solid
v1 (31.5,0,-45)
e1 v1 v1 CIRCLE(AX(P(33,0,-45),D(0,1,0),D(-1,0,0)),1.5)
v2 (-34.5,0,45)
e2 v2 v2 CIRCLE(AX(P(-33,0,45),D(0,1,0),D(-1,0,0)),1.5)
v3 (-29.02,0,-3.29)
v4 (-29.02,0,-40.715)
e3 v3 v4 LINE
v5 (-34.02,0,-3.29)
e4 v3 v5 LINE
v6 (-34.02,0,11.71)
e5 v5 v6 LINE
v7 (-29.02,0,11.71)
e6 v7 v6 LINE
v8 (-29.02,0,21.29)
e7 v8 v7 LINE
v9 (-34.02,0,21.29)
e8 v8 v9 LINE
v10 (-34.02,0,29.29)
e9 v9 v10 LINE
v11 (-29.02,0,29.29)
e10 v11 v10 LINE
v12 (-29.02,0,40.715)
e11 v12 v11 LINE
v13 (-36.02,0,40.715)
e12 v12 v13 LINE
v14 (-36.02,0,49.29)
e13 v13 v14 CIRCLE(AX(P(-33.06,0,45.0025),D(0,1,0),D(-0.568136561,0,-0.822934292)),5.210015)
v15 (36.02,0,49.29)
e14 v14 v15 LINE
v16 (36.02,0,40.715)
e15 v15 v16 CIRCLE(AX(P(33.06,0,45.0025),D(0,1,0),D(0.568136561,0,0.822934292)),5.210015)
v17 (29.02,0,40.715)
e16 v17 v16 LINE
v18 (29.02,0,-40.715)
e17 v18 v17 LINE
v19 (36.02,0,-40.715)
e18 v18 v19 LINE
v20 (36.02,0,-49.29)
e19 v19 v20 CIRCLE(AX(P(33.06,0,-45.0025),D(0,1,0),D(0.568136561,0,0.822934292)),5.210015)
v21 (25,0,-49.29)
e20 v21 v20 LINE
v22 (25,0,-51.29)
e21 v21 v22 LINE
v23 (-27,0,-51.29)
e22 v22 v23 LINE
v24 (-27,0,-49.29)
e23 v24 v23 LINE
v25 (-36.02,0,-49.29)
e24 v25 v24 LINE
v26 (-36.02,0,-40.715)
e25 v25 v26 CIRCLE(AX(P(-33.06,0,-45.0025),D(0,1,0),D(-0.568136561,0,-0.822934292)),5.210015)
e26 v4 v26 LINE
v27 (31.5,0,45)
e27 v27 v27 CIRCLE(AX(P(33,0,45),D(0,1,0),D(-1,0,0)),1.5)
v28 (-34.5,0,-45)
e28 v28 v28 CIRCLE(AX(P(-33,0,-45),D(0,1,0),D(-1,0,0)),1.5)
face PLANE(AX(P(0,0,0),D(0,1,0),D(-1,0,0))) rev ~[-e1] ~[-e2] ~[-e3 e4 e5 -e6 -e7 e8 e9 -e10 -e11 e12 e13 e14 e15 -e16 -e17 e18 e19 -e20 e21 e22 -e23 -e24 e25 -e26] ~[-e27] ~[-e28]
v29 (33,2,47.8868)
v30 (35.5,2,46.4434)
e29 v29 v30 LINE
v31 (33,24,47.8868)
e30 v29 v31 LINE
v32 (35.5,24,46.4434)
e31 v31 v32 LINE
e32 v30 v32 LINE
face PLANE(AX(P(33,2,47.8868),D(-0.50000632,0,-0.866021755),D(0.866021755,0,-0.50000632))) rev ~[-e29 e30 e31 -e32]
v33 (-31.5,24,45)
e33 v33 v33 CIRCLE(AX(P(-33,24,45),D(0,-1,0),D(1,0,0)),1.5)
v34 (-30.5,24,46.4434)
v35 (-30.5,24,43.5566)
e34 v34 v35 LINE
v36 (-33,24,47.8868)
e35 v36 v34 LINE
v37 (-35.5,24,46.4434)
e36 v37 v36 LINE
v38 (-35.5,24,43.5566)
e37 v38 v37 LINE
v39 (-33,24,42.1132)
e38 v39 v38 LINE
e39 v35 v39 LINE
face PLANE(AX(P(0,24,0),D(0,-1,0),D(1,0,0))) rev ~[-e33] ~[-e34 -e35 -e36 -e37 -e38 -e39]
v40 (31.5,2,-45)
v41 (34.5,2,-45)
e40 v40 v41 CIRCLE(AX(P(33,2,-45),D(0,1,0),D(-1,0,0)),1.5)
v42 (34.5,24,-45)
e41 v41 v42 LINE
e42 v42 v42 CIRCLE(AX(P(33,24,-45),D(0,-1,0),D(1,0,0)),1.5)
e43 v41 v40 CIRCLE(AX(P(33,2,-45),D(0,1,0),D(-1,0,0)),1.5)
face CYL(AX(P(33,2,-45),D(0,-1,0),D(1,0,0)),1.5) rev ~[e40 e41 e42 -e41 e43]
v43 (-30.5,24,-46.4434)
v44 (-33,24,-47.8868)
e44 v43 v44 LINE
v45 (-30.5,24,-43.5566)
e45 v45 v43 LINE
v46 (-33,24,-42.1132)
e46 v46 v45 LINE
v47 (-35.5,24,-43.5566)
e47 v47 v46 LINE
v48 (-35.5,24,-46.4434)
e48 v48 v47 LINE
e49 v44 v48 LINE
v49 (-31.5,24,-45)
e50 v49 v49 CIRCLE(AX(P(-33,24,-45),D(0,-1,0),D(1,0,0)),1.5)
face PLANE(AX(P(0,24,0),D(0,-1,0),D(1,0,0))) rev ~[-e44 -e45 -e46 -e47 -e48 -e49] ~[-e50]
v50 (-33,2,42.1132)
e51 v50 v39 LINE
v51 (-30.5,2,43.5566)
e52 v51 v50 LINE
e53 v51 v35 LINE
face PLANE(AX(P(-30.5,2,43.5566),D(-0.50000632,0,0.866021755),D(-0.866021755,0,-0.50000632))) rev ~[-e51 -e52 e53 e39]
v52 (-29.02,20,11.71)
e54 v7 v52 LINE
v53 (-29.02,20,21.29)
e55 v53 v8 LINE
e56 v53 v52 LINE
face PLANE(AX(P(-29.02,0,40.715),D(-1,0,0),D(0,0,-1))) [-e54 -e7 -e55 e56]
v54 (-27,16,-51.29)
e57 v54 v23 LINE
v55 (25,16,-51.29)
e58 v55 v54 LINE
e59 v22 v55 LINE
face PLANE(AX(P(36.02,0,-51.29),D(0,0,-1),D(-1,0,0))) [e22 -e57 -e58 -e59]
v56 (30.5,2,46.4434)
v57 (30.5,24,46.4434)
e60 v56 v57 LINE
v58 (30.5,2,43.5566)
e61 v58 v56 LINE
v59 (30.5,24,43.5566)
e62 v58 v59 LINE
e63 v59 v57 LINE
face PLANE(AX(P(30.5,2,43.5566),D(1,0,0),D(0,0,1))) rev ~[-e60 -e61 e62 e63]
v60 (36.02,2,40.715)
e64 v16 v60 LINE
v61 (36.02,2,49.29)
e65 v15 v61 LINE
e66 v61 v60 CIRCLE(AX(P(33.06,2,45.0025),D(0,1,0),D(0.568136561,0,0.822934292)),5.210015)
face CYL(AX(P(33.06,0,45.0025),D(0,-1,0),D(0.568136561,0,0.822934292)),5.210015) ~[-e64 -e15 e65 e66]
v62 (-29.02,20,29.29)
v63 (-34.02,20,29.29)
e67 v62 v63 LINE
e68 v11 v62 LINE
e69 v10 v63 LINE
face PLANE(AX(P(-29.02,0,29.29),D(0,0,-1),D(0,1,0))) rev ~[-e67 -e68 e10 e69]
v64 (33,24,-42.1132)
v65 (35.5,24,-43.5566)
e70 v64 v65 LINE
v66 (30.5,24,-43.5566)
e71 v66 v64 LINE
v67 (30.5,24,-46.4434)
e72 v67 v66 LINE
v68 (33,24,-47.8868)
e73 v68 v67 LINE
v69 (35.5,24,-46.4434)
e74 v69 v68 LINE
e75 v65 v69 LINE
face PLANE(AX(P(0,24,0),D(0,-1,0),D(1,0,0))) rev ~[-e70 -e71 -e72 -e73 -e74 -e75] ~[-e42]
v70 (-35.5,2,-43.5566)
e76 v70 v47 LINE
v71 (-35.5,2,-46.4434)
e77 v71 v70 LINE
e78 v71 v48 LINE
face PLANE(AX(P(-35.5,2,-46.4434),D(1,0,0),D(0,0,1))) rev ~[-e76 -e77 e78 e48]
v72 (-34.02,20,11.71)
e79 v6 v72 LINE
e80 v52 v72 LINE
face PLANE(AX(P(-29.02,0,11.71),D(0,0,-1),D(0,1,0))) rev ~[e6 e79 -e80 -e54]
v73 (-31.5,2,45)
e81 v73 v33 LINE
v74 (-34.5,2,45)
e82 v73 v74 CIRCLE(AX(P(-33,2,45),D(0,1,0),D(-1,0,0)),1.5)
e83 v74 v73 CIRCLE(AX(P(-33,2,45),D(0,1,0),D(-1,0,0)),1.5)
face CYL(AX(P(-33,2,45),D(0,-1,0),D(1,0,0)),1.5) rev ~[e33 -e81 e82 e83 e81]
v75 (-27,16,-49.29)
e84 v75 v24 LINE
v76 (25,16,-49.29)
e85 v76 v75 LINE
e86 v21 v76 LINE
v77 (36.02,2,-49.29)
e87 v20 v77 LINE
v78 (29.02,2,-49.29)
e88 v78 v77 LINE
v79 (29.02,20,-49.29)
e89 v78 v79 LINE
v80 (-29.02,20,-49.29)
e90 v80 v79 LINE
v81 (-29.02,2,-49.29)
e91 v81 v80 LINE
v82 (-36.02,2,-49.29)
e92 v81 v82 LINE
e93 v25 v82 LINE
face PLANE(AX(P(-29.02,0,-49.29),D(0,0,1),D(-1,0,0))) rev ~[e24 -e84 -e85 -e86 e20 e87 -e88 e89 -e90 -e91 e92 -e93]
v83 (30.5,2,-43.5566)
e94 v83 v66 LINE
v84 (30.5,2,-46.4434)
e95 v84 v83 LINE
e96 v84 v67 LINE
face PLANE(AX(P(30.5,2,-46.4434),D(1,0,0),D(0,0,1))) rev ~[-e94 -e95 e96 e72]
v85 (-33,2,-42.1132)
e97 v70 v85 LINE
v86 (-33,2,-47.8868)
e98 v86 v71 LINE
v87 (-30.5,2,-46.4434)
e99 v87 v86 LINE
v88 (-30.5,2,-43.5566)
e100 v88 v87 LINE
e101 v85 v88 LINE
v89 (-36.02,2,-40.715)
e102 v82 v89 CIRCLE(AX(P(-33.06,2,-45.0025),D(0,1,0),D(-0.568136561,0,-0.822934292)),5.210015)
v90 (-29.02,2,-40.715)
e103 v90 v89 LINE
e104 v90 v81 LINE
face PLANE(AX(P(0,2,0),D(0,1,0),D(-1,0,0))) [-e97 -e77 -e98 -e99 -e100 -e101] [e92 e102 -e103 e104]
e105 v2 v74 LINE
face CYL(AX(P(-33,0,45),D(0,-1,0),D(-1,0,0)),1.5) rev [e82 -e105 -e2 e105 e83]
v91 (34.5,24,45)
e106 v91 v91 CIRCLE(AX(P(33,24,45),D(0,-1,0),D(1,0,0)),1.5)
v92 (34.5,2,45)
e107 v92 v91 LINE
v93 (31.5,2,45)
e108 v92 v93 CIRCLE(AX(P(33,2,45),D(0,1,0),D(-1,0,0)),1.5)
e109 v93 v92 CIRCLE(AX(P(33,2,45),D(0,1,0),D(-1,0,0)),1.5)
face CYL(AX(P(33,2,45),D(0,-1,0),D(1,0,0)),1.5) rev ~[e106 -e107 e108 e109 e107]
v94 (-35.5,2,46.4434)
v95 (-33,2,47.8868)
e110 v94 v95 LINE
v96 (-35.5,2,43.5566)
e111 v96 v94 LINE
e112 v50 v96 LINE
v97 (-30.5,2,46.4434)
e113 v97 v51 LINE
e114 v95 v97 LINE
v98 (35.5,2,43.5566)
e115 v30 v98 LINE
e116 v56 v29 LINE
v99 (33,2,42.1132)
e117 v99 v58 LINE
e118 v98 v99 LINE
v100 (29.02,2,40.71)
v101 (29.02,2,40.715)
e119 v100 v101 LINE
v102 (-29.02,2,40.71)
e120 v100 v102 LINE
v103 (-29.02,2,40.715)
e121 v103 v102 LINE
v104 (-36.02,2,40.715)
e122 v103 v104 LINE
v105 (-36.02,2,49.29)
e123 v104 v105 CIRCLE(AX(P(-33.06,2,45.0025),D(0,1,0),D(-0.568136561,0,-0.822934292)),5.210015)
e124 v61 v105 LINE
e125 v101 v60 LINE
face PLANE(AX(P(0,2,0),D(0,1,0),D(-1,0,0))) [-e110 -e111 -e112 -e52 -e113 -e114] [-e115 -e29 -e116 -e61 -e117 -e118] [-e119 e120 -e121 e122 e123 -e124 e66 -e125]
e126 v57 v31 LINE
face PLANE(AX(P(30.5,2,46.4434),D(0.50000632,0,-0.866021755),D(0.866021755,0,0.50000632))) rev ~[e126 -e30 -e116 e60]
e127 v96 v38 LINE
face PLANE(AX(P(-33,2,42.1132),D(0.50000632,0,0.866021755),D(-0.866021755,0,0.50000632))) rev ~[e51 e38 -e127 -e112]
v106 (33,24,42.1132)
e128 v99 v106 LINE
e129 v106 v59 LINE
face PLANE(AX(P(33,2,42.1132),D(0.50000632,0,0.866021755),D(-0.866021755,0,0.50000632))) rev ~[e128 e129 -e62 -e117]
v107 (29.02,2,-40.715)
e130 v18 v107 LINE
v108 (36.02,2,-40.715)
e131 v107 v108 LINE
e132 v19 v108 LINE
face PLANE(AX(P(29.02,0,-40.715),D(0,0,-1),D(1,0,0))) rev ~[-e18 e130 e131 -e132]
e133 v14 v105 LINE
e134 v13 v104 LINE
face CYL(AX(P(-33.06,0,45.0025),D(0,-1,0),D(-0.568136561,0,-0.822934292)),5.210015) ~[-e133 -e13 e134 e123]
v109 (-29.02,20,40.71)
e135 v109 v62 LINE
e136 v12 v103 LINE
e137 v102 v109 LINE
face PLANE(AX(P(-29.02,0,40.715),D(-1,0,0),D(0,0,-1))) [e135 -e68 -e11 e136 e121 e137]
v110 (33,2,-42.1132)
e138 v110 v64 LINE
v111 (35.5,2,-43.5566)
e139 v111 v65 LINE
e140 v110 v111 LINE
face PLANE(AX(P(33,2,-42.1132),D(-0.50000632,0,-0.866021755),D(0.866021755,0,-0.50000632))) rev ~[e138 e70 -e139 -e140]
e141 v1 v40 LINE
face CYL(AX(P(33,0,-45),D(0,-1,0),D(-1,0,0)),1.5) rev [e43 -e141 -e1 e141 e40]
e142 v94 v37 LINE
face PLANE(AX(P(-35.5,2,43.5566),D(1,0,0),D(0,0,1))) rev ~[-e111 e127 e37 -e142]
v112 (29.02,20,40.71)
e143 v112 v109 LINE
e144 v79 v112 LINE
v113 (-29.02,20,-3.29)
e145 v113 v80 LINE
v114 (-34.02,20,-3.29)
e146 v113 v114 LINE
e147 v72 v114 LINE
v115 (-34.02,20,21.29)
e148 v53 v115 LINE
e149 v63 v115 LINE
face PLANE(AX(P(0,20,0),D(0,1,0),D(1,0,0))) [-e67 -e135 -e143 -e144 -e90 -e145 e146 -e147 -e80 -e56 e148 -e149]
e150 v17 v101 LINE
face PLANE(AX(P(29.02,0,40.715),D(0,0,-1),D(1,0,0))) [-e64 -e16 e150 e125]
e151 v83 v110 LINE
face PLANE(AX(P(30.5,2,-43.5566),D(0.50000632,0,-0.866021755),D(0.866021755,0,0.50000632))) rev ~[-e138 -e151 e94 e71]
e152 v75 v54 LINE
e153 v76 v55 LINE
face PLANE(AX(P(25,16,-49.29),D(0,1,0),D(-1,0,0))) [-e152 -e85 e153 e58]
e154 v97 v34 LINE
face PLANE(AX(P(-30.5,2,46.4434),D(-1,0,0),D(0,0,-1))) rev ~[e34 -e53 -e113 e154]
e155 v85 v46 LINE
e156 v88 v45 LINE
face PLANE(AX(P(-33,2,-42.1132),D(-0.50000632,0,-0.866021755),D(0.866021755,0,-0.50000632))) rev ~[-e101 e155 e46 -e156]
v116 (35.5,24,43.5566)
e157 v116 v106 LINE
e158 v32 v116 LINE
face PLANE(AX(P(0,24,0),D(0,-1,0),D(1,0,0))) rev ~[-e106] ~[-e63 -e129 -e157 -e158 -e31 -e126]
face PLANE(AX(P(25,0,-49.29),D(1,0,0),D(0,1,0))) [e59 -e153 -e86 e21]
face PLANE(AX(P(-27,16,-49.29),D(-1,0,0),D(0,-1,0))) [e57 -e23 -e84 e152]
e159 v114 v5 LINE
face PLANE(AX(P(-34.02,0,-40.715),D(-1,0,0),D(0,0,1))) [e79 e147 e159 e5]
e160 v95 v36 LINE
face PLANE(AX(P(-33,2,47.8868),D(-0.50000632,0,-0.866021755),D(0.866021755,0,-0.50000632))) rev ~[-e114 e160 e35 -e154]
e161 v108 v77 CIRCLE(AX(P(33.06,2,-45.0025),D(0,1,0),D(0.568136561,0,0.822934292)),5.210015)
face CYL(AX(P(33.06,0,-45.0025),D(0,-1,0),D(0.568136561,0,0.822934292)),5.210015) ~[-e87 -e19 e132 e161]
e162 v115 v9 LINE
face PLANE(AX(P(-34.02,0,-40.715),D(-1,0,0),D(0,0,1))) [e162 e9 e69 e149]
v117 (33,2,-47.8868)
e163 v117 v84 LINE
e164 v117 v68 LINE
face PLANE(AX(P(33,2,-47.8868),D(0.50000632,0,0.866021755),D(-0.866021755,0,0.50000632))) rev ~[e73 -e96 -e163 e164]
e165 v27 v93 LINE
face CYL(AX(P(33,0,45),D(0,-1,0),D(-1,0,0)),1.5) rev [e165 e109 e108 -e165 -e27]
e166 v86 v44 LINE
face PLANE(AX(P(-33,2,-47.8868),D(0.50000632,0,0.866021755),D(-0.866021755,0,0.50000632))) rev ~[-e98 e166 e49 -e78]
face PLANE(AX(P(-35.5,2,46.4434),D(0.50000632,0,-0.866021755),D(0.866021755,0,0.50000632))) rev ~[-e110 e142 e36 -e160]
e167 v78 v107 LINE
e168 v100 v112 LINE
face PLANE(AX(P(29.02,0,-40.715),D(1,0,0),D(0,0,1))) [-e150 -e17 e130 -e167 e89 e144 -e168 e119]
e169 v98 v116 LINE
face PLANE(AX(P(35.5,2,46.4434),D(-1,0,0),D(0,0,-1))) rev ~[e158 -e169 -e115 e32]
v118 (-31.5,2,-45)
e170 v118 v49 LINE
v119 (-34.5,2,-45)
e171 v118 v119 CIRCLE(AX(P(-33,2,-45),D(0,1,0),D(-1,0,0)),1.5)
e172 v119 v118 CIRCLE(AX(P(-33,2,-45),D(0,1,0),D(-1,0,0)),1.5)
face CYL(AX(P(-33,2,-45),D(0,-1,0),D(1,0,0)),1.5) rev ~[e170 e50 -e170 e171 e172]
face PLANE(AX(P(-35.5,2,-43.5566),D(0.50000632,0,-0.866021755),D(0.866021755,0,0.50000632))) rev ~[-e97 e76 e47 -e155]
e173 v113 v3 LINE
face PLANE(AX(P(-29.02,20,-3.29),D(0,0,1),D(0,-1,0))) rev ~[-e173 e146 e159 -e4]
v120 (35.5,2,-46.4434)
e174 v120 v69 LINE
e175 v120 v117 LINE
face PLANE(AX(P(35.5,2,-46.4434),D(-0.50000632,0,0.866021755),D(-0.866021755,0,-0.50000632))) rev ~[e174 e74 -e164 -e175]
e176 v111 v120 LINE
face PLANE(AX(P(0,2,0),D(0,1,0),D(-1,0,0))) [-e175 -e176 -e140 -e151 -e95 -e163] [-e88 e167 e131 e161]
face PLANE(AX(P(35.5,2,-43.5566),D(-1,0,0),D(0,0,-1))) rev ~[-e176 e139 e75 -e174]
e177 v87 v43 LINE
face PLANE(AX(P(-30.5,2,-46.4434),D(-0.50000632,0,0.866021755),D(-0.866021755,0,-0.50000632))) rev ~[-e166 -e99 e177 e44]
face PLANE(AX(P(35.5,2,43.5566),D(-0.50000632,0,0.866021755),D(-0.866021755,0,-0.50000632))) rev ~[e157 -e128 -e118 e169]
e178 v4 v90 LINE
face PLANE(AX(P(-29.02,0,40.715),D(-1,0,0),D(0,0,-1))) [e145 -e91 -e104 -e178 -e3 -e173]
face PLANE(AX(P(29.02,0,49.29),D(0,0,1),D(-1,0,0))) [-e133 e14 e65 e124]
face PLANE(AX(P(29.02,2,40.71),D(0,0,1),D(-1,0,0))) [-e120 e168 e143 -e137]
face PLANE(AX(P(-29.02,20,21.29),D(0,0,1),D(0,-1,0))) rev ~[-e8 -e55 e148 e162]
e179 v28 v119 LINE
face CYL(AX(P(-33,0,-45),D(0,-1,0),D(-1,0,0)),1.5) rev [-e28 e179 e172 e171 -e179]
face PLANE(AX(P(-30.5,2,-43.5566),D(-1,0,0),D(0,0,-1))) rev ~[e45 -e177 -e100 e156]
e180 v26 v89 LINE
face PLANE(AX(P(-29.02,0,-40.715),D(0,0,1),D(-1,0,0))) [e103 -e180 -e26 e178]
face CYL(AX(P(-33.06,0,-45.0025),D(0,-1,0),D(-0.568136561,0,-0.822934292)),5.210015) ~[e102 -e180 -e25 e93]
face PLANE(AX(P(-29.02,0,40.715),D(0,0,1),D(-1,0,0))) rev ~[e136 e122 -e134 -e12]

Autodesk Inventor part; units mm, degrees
ref_plane "YZ Plane" through (0, 0, 0) normal (1, 0, 0) x (0, 1, 0)
ref_plane "XZ Plane" through (0, 0, 0) normal (0, 1, 0) x (-1, 0, 0)
ref_plane "XY Plane" through (0, 0, 0) normal (0, 0, 1) x (1, 0, 0)
sketch "Sketch1" plane through (0, 0, 0) normal (0, 1, 0) x (-1, 0, 0)
  line L0 (-29.02, 49.29) -> (29.02, 49.29)
  line L1 (29.02, 49.29) -> (29.02, 40.715) construction
  line L2 (29.02, -49.29) -> (-29.02, -49.29)
  line L3 (-29.02, -49.29) -> (-29.02, -40.715) construction
  line L4 (-29.02, 49.29) -> (29.02, -49.29) construction
  line L5 (29.02, 49.29) -> (-29.02, -49.29) construction
  line L6 (-33, 45) -> (33, 45) construction
  line L7 (33, 45) -> (33, -45) construction
  line L8 (33, -45) -> (-33, -45) construction
  line L9 (-33, -45) -> (-33, 45) construction
  line L10 (-33, 45) -> (33, -45) construction
  line L11 (33, 45) -> (-33, -45) construction
  circle A0 centre (33, 45) radius 1.5
  circle A1 centre (33, -45) radius 1.5
  circle A2 centre (-33, -45) radius 1.5
  circle A3 centre (-33, 45) radius 1.5
  line L12 (-38.27, 49.29) -> (38.27, 49.29) construction
  line L13 (38.27, 49.29) -> (38.27, -49.29) construction
  line L14 (38.27, -49.29) -> (-38.27, -49.29) construction
  line L15 (-38.27, -49.29) -> (-38.27, 49.29) construction
  line L16 (-38.27, 49.29) -> (38.27, -49.29) construction
  line L17 (38.27, 49.29) -> (-38.27, -49.29) construction
  line L18 (-38.27, 40.715) -> (29.02, 40.715) construction
  line L19 (38.27, 40.715) -> (38.27, -40.715) construction
  line L20 (38.27, -40.715) -> (-38.27, -40.715) construction
  line L21 (-38.27, -40.715) -> (-38.27, 40.715) construction
  line L22 (-38.27, 40.715) -> (38.27, -40.715) construction
  line L23 (38.27, 40.715) -> (-38.27, -40.715) construction
  line L24 (29.02, 49.29) -> (36.02, 49.29)
  line L25 (29.02, 40.715) -> (36.02, 40.715)
  arc A4 (36.02, 40.715) -> (36.02, 49.29) centre (33.06, 45.0025) ccw
  line L26 (29.02, 40.715) -> (29.02, -40.715)
  line L27 (0, 49.29) -> (0, -49.29) construction
  line L28 (-29.02, 0) -> (29.02, 0) construction
  line L29 (-38.27, -49.29) -> (38.27, -49.29) construction
  line L30 (-38.27, -40.715) -> (38.27, -40.715) construction
  line L31 (29.02, -49.29) -> (36.02, -49.29)
  line L32 (29.02, -40.715) -> (36.02, -40.715)
  arc A5 (36.02, -49.29) -> (36.02, -40.715) centre (33.06, -45.0025) ccw
  line L33 (0, -49.29) -> (0, 49.29) construction
  line L34 (-33, 45) -> (-33, -45) construction
  line L35 (38.27, 49.29) -> (-38.27, 49.29) construction
  line L36 (-38.27, 49.29) -> (-38.27, -49.29) construction
  line L37 (-38.27, -49.29) -> (38.27, -49.29) construction
  line L38 (38.27, 40.715) -> (-38.27, 40.715) construction
  line L39 (-38.27, -40.715) -> (38.27, -40.715) construction
  line L40 (-29.02, 49.29) -> (-36.02, 49.29)
  line L41 (-29.02, 40.715) -> (-36.02, 40.715)
  arc A6 (-36.02, 49.29) -> (-36.02, 40.715) centre (-33.06, 45.0025) ccw
  line L42 (38.27, -49.29) -> (-38.27, -49.29) construction
  line L43 (-29.02, -49.29) -> (-36.02, -49.29)
  line L44 (38.27, -40.715) -> (-38.27, -40.715) construction
  line L45 (-29.02, -40.715) -> (-36.02, -40.715)
  arc A7 (-36.02, -40.715) -> (-36.02, -49.29) centre (-33.06, -45.0025) ccw
  line L46 (-29.02, -40.715) -> (-29.02, 40.715)
  line L47 (-29.02, 40.715) -> (-29.02, 49.29) construction
  line L48 (29.02, 40.715) -> (38.27, 40.715) construction
  line L49 (29.02, -40.715) -> (29.02, -49.29) construction
  point P0 (0, 0)
  dimension "d0" = 58.04
  dimension "d1" = 98.58
  dimension "d2" = 66
  dimension "d3" = 90
  dimension "d4" = 3
  dimension "d5" = 3
  dimension "d6" = 3
  dimension "d7" = 3
  dimension "d8" = 76.54
  dimension "d9" = 98.58
  dimension "d10" = 76.54
  dimension "d11" = 81.43
  dimension "d12" = 7
  dimension "d13" = 7
extrude "Extrusion1" add sketch "Sketch1" along normal blind 2
sketch "Sketch2" plane through (0, 2, 0) normal (0, 1, 0) x (1, 0, 0)
  line L0 (29.02, -49.29) -> (-29.02, -49.29) construction
  line L1 (-29.02, -49.29) -> (-29.02, 49.29) construction
  line L2 (-29.02, 49.29) -> (29.02, 49.29) construction
  line L3 (29.02, 49.29) -> (29.02, -49.29) construction
  line L4 (29.02, -49.29) -> (-29.02, 49.29) construction
  line L5 (-29.02, -49.29) -> (29.02, 49.29) construction
  line L6 (29.02, 40.715) -> (29.02, -40.715) projected
  line L7 (-29.02, 49.29) -> (29.02, 49.29)
  line L8 (29.02, 49.29) -> (29.02, -40.71)
  line L9 (29.02, -40.71) -> (-29.02, -40.71)
  line L10 (-29.02, -40.71) -> (-29.02, 49.29)
  point P0 (0, 0)
  dimension "d16" = 58.04
  dimension "d17" = 98.58
  dimension "d18" = 90
extrude "Extrusion2" add sketch "Sketch2" along normal blind 18
sketch "Sketch3" plane through (-29.02, 0, -40.715) normal (-1, 0, 0) x (0, 0, 1)
  line L0 (-8.575, 0) -> (-8.575, 2) projected
  line L1 (-8.575, 0) -> (37.425, 0) construction
  line L2 (81.43, 0) -> (0, 0) construction
  line L3 (37.425, 0) -> (52.425, 0) construction
  line L4 (37.425, 0) -> (52.425, 0)
  line L5 (52.425, 0) -> (52.425, 20)
  line L6 (52.425, 20) -> (37.425, 20)
  line L7 (37.425, 20) -> (37.425, 0)
  line L8 (81.43, 0) -> (90.005, 0) construction
  line L9 (90.005, 0) -> (70.005, 0) construction
  line L10 (70.005, 0) -> (62.005, 0) construction
  line L11 (62.005, 0) -> (70.005, 0)
  line L12 (70.005, 0) -> (70.005, 20)
  line L13 (70.005, 20) -> (62.005, 20)
  line L14 (62.005, 20) -> (62.005, 0)
  point P0 (40.715, 0)
  dimension "d21" = 46
  dimension "d22" = 15
  dimension "d23" = 20
  dimension "d24" = 15
  dimension "d25" = 20
  dimension "d26" = 8
  dimension "d27" = 8
  dimension "d28" = 20
extrude "Extrusion3" add sketch "Sketch3" along normal blind 5
sketch "Sketch5" plane through (0, 0, 0) normal (0, -1, 0) x (1, 0, 0)
  circle A0 centre (-33, 45) radius 1.5 construction
  line L0 (33, -45) -> (-33, -45) construction
  line L1 (-33, -45) -> (-33, 45) construction
  line L2 (-33, 45) -> (33, 45) construction
  line L3 (33, 45) -> (33, -45) construction
  line L4 (33, -45) -> (-33, 45) construction
  line L5 (-33, -45) -> (33, 45) construction
  circle A1 centre (-33, -45) radius 1.5
  circle A2 centre (33, -45) radius 1.5
  circle A3 centre (33, 45) radius 1.5 projected
  circle A4 centre (33, 45) radius 1.5
  circle A5 centre (-33, 45) radius 1.5
  line L6 (-35.5, -43.5566) -> (-33, -42.1132)
  line L7 (-33, -42.1132) -> (-30.5, -43.5566)
  line L8 (-30.5, -43.5566) -> (-30.5, -46.4434)
  line L9 (-30.5, -46.4434) -> (-33, -47.8868)
  line L10 (-33, -47.8868) -> (-35.5, -46.4434)
  line L11 (-35.5, -46.4434) -> (-35.5, -43.5566)
  line L12 (30.5, -43.5566) -> (33, -42.1132)
  line L13 (33, -42.1132) -> (35.5, -43.5566)
  line L14 (35.5, -43.5566) -> (35.5, -46.4434)
  line L15 (35.5, -46.4434) -> (33, -47.8868)
  line L16 (33, -47.8868) -> (30.5, -46.4434)
  line L17 (30.5, -46.4434) -> (30.5, -43.5566)
  line L18 (30.5, 46.4434) -> (33, 47.8868)
  line L19 (33, 47.8868) -> (35.5, 46.4434)
  line L20 (35.5, 46.4434) -> (35.5, 43.5566)
  line L21 (35.5, 43.5566) -> (33, 42.1132)
  line L22 (33, 42.1132) -> (30.5, 43.5566)
  line L23 (30.5, 43.5566) -> (30.5, 46.4434)
  line L24 (-35.5, 46.4434) -> (-33, 47.8868)
  line L25 (-33, 47.8868) -> (-30.5, 46.4434)
  line L26 (-30.5, 46.4434) -> (-30.5, 43.5566)
  line L27 (-30.5, 43.5566) -> (-33, 42.1132)
  line L28 (-33, 42.1132) -> (-35.5, 43.5566)
  line L29 (-35.5, 43.5566) -> (-35.5, 46.4434)
  point P0 (0, 0)
  point P1 (30.5, 45)
  point P2 (-35.5, 45)
  dimension "d31" = 3
  dimension "d32" = 3
  dimension "d33" = 3
  dimension "d34" = 3
  dimension "d35" = 5
  dimension "d36" = 5
  dimension "d37" = 5
  dimension "d38" = 5
extrude "Extrusion4" add sketch "Sketch5" against normal blind 22 from surface at -2
sketch "Sketch6" plane through (0, 0, 0) normal (0, -1, 0) x (1, 0, 0)
  line L0 (-35.8509, -30.6551) -> (-35.8509, -21.9955) construction
  line L1 (-35.8509, -21.9955) -> (-14.7214, -21.9955) construction
  line L2 (-14.7214, -21.9955) -> (-14.7214, -30.6551) construction
  line L3 (-14.7214, -30.6551) -> (-35.8509, -30.6551) construction
  point P0 (0, 0)
sketch "Sketch7" plane through (36.02, 0, -49.29) normal (0, 0, -1) x (-1, 0, 0)
  line L0 (36.02, 0) -> (63.02, 0) construction
  line L1 (0, 0) -> (72.04, 0) projected
  line L2 (63.02, 0) -> (11.02, 0)
  line L3 (11.02, 0) -> (11.02, 16)
  line L4 (11.02, 16) -> (63.02, 16)
  line L5 (63.02, 16) -> (63.02, 0)
  dimension "d41" = 27
  dimension "d42" = 52
  dimension "d43" = 16
extrude "Extrusion5" add sketch "Sketch7" along normal blind 2
sketch "Sketch8" plane through (0, 0, 0) normal (0, -1, 0) x (1, 0, 0)
  line L0 (-24.9386, -43.252) -> (-24.9386, 42.092) construction
  line L1 (-24.9386, 42.092) -> (23.0674, 42.092) construction
  line L2 (23.0674, 42.092) -> (23.0674, -43.252) construction
  line L3 (23.0674, -43.252) -> (-24.9386, -43.252) construction
  point P0 (0, 0)
equation "\"d24\" = d22"
properties part number "raspberry+touch"
